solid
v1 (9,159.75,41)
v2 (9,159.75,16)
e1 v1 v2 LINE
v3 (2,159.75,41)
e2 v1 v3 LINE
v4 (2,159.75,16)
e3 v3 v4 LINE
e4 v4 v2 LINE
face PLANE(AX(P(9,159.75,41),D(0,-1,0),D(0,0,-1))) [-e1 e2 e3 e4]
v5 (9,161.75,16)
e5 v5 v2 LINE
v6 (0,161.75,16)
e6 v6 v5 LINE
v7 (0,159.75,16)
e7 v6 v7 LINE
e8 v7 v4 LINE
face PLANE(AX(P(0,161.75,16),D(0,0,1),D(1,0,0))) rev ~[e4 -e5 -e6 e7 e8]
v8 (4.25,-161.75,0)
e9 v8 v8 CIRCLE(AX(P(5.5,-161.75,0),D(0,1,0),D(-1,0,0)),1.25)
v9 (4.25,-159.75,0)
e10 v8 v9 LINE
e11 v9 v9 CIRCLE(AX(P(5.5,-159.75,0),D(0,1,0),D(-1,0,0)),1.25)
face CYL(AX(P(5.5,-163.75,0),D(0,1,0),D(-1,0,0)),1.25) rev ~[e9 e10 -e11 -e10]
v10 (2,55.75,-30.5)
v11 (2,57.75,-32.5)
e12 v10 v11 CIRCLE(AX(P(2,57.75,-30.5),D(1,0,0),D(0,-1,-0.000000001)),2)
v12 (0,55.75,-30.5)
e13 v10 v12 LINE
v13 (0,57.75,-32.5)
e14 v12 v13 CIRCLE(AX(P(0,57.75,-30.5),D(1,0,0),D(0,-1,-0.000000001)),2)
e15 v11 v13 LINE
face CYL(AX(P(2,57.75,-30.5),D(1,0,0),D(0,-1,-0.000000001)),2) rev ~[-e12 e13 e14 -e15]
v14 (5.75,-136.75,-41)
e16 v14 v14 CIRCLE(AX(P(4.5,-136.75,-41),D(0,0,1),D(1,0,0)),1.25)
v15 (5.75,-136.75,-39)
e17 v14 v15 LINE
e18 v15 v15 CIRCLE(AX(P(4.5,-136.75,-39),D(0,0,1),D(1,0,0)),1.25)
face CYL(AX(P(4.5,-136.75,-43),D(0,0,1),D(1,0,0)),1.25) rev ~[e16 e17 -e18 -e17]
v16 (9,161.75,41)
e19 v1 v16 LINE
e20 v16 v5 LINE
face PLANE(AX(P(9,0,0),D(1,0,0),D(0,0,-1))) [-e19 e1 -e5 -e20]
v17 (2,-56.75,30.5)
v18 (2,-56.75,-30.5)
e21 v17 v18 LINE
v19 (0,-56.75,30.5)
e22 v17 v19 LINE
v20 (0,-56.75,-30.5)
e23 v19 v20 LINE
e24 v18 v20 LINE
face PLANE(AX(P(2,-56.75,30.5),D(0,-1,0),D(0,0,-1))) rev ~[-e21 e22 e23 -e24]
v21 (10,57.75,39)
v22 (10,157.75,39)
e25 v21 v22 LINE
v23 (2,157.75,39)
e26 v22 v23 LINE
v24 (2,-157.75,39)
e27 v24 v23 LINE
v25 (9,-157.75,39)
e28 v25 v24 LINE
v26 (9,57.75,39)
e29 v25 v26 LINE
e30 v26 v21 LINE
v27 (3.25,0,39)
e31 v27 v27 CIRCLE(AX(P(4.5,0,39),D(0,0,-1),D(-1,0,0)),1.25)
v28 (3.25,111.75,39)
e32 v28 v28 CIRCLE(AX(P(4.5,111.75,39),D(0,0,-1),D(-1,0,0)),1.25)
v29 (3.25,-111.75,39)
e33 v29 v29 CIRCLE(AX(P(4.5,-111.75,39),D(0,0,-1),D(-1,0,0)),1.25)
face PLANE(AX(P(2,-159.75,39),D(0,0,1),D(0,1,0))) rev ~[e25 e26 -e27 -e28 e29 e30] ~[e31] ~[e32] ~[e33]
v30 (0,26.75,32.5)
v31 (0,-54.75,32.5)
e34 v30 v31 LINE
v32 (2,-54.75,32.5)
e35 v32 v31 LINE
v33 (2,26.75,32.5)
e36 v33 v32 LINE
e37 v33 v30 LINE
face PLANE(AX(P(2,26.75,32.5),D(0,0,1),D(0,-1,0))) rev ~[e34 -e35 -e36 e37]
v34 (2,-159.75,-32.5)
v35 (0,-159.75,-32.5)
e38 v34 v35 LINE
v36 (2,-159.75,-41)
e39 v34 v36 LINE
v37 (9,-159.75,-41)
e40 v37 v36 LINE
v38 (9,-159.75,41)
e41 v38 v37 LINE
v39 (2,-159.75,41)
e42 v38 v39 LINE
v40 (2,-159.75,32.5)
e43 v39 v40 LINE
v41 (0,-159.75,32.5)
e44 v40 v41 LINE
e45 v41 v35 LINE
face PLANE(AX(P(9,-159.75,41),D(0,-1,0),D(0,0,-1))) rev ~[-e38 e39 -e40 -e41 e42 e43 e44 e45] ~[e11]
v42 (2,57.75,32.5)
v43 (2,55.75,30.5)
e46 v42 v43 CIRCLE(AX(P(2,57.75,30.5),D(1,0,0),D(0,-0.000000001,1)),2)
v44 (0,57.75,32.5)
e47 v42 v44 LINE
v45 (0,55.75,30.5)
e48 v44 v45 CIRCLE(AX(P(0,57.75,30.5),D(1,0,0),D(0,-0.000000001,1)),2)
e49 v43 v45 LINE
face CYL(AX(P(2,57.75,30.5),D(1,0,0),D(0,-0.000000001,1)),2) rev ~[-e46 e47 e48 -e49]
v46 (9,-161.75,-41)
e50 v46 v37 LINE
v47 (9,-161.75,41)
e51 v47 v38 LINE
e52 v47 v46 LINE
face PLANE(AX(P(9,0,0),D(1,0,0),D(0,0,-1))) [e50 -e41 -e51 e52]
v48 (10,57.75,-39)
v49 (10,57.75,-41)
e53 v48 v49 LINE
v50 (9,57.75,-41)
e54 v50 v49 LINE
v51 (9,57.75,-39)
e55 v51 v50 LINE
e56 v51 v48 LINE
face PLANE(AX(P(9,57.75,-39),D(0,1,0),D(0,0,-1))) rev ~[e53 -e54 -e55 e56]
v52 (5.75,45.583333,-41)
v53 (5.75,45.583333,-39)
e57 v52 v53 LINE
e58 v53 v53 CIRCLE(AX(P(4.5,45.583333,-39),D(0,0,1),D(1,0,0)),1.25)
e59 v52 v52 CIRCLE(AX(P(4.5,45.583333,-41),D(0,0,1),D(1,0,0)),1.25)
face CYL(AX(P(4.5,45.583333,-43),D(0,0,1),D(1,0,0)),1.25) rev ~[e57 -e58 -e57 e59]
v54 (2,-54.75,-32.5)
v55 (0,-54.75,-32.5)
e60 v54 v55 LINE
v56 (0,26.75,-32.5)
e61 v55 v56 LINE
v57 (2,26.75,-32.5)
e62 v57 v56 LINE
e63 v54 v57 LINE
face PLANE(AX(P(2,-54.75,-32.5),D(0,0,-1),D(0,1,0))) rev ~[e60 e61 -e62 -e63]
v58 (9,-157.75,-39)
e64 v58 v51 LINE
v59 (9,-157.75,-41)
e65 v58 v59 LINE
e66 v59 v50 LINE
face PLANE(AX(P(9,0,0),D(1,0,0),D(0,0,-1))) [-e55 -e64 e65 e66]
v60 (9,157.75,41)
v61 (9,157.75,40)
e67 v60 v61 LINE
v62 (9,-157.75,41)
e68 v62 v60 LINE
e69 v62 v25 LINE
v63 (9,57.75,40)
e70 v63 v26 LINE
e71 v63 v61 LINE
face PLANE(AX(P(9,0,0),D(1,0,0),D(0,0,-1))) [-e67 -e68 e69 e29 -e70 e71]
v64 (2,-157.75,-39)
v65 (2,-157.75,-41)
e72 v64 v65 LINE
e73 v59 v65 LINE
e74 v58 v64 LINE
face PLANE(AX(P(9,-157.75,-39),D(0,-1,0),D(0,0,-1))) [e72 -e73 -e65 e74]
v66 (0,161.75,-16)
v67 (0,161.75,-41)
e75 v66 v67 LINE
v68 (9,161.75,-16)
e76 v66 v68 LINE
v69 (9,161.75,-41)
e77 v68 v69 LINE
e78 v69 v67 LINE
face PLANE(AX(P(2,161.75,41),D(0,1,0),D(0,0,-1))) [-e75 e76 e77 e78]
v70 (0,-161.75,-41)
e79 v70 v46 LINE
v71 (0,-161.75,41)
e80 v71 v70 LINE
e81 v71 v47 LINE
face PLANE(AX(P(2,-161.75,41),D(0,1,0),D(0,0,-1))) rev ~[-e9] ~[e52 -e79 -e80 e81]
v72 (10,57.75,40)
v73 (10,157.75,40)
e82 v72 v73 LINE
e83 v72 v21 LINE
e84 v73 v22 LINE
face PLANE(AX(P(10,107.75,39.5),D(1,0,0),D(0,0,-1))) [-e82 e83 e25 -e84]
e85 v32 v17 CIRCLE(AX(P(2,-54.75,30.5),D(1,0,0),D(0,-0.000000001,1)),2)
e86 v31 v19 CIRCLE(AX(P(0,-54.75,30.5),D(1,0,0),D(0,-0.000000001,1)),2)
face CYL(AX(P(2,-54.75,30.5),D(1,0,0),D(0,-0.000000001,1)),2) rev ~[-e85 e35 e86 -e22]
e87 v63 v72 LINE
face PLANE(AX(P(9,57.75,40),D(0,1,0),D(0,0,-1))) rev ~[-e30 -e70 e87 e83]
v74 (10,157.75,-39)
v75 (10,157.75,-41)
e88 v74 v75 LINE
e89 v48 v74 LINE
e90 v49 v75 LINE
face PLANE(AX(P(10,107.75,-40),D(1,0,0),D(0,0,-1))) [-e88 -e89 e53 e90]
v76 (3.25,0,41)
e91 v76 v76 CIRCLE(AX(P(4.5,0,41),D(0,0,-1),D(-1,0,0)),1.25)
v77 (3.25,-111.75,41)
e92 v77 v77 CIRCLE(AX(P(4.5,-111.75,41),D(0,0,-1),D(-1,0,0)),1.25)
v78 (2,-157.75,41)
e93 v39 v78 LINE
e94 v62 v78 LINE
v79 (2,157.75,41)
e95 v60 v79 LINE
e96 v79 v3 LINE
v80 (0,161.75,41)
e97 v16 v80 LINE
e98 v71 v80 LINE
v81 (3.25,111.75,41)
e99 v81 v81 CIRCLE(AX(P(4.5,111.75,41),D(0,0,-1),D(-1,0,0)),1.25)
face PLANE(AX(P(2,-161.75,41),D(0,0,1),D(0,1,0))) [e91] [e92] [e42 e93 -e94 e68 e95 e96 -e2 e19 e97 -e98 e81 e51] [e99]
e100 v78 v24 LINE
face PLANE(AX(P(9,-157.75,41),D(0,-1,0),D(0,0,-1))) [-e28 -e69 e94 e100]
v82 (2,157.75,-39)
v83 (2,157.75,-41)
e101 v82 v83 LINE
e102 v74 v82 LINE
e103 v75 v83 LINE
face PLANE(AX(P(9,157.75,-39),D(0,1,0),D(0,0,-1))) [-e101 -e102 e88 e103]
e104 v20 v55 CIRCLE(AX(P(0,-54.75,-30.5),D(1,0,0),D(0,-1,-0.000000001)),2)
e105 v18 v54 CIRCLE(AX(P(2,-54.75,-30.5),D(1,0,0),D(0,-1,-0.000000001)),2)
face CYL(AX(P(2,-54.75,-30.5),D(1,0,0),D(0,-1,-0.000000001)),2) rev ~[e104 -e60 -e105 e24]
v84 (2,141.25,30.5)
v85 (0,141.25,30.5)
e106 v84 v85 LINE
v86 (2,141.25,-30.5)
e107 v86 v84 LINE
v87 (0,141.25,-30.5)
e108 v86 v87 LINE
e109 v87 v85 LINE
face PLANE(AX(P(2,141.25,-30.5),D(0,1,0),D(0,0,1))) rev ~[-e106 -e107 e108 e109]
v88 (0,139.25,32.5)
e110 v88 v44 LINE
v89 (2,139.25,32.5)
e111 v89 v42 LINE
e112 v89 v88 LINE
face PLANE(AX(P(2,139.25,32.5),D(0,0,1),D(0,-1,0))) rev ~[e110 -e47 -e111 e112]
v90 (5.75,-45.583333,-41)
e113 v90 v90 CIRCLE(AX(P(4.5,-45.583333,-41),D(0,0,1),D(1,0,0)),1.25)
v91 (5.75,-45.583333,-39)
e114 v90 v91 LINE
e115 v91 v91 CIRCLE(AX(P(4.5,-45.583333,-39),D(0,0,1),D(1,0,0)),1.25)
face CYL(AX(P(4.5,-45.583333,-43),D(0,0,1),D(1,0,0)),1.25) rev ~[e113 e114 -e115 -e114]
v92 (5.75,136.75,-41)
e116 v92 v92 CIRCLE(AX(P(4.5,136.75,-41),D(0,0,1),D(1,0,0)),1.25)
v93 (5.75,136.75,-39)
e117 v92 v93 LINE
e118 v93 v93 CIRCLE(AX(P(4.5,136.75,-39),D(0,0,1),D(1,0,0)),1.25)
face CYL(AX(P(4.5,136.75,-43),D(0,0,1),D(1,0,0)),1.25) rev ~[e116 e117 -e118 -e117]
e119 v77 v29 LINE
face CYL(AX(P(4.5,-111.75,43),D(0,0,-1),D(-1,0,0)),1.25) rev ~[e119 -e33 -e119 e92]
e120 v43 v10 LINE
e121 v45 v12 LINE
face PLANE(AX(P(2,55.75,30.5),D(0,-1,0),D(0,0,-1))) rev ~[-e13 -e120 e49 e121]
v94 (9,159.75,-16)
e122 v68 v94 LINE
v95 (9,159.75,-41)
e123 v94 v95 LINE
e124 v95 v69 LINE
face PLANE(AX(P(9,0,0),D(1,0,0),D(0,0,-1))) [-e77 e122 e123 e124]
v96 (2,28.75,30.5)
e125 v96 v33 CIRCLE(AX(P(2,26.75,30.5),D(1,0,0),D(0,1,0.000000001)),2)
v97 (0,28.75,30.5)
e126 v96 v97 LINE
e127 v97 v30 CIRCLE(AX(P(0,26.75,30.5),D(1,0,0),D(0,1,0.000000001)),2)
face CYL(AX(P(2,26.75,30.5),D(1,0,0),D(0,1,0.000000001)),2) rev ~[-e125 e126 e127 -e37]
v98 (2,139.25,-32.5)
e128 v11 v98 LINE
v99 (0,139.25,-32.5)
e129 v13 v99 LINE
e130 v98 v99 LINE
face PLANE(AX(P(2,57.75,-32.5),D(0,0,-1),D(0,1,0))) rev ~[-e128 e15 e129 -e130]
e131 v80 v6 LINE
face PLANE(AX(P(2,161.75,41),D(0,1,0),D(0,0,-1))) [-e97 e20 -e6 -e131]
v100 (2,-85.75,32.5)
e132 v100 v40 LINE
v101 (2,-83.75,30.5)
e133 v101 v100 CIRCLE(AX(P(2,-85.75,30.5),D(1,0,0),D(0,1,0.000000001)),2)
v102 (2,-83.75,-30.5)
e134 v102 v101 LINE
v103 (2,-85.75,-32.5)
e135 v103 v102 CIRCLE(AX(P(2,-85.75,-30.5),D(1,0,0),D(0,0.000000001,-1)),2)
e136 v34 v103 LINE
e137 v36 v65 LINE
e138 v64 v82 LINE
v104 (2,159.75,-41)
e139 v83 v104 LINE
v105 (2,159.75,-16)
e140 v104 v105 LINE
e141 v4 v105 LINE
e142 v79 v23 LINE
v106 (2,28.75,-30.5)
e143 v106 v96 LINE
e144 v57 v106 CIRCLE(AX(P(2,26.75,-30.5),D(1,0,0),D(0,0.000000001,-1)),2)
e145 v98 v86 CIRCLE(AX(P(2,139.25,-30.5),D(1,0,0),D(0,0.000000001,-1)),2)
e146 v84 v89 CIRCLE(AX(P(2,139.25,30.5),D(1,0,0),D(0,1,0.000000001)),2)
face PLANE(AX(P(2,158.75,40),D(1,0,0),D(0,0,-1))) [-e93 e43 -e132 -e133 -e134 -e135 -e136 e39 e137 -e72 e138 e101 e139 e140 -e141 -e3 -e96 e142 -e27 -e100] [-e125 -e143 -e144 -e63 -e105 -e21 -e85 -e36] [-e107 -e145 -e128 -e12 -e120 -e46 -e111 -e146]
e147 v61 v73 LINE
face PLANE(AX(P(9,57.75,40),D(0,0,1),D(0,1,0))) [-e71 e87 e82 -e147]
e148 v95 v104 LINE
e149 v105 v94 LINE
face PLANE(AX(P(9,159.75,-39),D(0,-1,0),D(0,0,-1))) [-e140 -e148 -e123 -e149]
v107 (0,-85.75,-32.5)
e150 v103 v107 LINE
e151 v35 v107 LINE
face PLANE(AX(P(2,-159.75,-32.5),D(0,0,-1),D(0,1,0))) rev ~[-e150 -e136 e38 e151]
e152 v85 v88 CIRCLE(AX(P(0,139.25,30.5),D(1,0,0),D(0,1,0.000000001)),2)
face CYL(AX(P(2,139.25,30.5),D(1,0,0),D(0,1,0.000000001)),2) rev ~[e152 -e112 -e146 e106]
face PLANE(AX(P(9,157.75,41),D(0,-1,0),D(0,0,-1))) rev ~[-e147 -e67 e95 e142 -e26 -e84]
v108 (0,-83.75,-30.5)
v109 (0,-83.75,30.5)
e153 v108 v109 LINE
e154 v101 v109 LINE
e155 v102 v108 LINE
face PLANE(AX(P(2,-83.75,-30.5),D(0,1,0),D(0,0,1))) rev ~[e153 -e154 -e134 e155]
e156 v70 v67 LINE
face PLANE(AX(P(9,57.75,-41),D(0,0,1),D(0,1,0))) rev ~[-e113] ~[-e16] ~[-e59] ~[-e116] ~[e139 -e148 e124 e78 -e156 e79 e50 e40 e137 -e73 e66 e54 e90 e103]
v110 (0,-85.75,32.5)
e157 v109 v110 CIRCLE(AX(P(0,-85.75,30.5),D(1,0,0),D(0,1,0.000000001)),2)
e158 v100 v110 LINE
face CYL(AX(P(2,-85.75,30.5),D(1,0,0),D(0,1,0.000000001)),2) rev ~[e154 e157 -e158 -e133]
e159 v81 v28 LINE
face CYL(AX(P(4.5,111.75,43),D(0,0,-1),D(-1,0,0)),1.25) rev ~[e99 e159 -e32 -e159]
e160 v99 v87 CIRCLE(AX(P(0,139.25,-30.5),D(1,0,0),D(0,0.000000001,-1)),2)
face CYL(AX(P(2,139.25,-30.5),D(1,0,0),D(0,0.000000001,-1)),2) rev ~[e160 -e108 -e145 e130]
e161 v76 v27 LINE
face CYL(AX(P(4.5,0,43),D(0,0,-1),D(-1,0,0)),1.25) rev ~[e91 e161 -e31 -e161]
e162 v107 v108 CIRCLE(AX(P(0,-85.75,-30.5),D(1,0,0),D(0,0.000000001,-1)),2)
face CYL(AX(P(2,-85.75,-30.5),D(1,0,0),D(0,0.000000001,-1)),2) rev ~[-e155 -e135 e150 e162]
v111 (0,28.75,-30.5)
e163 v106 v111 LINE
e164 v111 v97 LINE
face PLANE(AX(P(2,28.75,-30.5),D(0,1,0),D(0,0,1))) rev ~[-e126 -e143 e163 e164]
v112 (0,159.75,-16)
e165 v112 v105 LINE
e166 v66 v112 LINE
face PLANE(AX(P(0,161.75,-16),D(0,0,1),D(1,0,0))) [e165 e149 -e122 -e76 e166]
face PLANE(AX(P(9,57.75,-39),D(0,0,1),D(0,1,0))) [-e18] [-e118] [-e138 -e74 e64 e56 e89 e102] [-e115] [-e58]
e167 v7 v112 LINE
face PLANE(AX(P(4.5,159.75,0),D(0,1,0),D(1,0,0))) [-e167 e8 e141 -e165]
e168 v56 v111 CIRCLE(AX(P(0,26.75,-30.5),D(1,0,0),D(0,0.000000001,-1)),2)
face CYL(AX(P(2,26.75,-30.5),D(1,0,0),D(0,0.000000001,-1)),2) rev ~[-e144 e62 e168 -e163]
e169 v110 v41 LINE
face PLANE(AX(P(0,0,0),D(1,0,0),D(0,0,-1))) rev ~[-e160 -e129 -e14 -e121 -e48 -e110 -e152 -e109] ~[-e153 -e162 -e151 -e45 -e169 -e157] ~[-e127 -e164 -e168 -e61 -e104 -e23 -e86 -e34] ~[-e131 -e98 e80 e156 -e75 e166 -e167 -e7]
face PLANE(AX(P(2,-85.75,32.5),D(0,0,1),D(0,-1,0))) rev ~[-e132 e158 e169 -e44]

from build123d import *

# Parameters (mm, degrees)
SKETCH1_W                                     = 82
SKETCH1_H                                     = 323.5
BASE_EXTRUSION_DEPTH                          = 2
ACCESS_PORTS_DEPTH                            = 167.877387623
SKETCH4_W                                     = 82
SKETCH4_H                                     = 323.5
SKETCH4_W_2                                   = 78
SKETCH4_H_2                                   = 319.5
CORNER_RAIL_MOUNTS_DEPTH                      = 7
M3X0_5_TAPPED_HOLE_FOR_END_D                  = 2.5
M3X0_5_TAPPED_HOLE_FOR_END_DEPTH              = 2
SKETCH14_W                                    = 9
SKETCH14_H                                    = 32
ANTENNA_CUTOUT_DEPTH                          = 2
SKETCH15_W                                    = 2
SKETCH15_H                                    = 2
SLITS_IN_CORNERS_DEPTH                        = 7
M3X0_5_TAPPED_HOLES_FOR_RAILS_D               = 2.5
M3X0_5_TAPPED_HOLES_FOR_RAILS_DEPTH           = 2
M3X0_5_TAPPED_HOLES_FOR_RAILS_ON_FACE_2_D     = 2.5
M3X0_5_TAPPED_HOLES_FOR_RAILS_ON_FACE_2_DEPTH = 2
SKETCH17_W                                    = 2
SKETCH17_H                                    = 100
SKETCH17_W_2                                  = 1
SUPPORT_FOR_PAYLOAD_DEPTH                     = 1


with BuildPart() as part:
    # Sketch1 → Base Extrusion (new body)
    with BuildSketch(Plane(origin=(0, 0, 0), x_dir=(0, 0, -1), z_dir=(1, 0, 0))):
        Rectangle(SKETCH1_W, SKETCH1_H)
    extrude(amount=BASE_EXTRUSION_DEPTH)

    # Sketch8 → Access Ports (cut, through all)
    with BuildSketch(Plane(origin=(2, 0, 0), x_dir=(0, 0, -1), z_dir=(1, 0, 0))):
        with BuildLine():
            Line((-30.5, 55.75), (30.5, 55.75))
            ThreePointArc((30.5, 55.75), (31.914213562, 56.335786438), (32.5, 57.75))
            Line((32.5, 57.75), (32.5, 139.25))
            ThreePointArc((32.5, 139.25), (31.914213562, 140.664213562), (30.5, 141.25))
            Line((30.5, 141.25), (-30.5, 141.25))
            ThreePointArc((-30.5, 141.25), (-31.914213562, 140.664213562), (-32.5, 139.25))
            Line((-32.5, 139.25), (-32.5, 57.75))
            ThreePointArc((-32.5, 57.75), (-31.914213562, 56.335786438), (-30.5, 55.75))
        make_face()
        with BuildLine():
            Line((-30.5, -56.75), (30.5, -56.75))
            ThreePointArc((30.5, -56.75), (31.914213562, -56.164213562), (32.5, -54.75))
            Line((32.5, -54.75), (32.5, 26.75))
            ThreePointArc((32.5, 26.75), (31.914213562, 28.164213562), (30.5, 28.75))
            Line((30.5, 28.75), (-30.5, 28.75))
            ThreePointArc((-30.5, 28.75), (-31.914213562, 28.164213562), (-32.5, 26.75))
            Line((-32.5, 26.75), (-32.5, -54.75))
            ThreePointArc((-32.5, -54.75), (-31.914213562, -56.164213562), (-30.5, -56.75))
        make_face()
        with BuildLine():
            Line((-32.5, -159.75), (32.5, -159.75))
            Line((32.5, -159.75), (32.5, -85.75))
            ThreePointArc((32.5, -85.75), (31.914213562, -84.335786438), (30.5, -83.75))
            Line((30.5, -83.75), (-30.5, -83.75))
            ThreePointArc((-30.5, -83.75), (-31.914213562, -84.335786438), (-32.5, -85.75))
            Line((-32.5, -85.75), (-32.5, -159.75))
        make_face()
    extrude(amount=-ACCESS_PORTS_DEPTH, mode=Mode.SUBTRACT)

    # Sketch4 → Corner Rail Mounts (add)
    with BuildSketch(Plane(origin=(2, 0, 0), x_dir=(0, 0, -1), z_dir=(1, 0, 0))):
        Rectangle(SKETCH4_W, SKETCH4_H)
        Rectangle(SKETCH4_W_2, SKETCH4_H_2, mode=Mode.SUBTRACT)
    extrude(amount=CORNER_RAIL_MOUNTS_DEPTH)

    # M3x0.5 Tapped Hole For End
    with Locations(Plane.XZ.offset(161.75)):
        with Locations((5.5, 0)):
            Hole(M3X0_5_TAPPED_HOLE_FOR_END_D / 2, depth=M3X0_5_TAPPED_HOLE_FOR_END_DEPTH)

    # Sketch14 → Antenna Cutout (cut)
    with BuildSketch(Plane(origin=(0, 161.75, 0), x_dir=(1, 0, 0), z_dir=(0, 1, 0))):
        with Locations((4.5, 0)):
            Rectangle(SKETCH14_W, SKETCH14_H)
    extrude(amount=-ANTENNA_CUTOUT_DEPTH, mode=Mode.SUBTRACT)

    # Sketch15 → Slits In Corners (cut)
    with BuildSketch(Plane(origin=(9, 0, 0), x_dir=(0, 0, -1), z_dir=(1, 0, 0))):
        with Locations((-40, -158.75)):
            Rectangle(SKETCH15_W, SKETCH15_H)
        with Locations((40, -158.75)):
            Rectangle(SKETCH15_W, SKETCH15_H)
        with Locations((40, 158.75)):
            Rectangle(SKETCH15_W, SKETCH15_H)
        with Locations((-40, 158.75)):
            Rectangle(SKETCH15_W, SKETCH15_H)
    extrude(amount=-SLITS_IN_CORNERS_DEPTH, mode=Mode.SUBTRACT)

    # M3x0.5 Tapped Holes For Rails
    with Locations(Plane(origin=(4.5, 136.75, -41), x_dir=(-1, 0, 0), z_dir=(0, 0, -1))):
        with Locations((0, 0), (0, -91.166666667), (0, -182.333333333), (0, -273.5)):
            Hole(M3X0_5_TAPPED_HOLES_FOR_RAILS_D / 2, depth=M3X0_5_TAPPED_HOLES_FOR_RAILS_DEPTH)

    # M3x0.5 Tapped Holes For Rails on face 2
    with Locations(Plane(origin=(4.5, 111.75, 41), x_dir=(1, 0, 0), z_dir=(0, 0, 1))):
        with Locations((0, 0), (0, -111.75), (0, -223.5)):
            Hole(M3X0_5_TAPPED_HOLES_FOR_RAILS_ON_FACE_2_D / 2, depth=M3X0_5_TAPPED_HOLES_FOR_RAILS_ON_FACE_2_DEPTH)

    # Sketch17 → Support For Payload (add)
    with BuildSketch(Plane(origin=(9, 0, 0), x_dir=(0, 0, -1), z_dir=(1, 0, 0))):
        with Locations((40, 107.75)):
            Rectangle(SKETCH17_W, SKETCH17_H)
        with Locations((-39.5, 107.75)):
            Rectangle(SKETCH17_W_2, SKETCH17_H)
    extrude(amount=SUPPORT_FOR_PAYLOAD_DEPTH)


solid = part.part
